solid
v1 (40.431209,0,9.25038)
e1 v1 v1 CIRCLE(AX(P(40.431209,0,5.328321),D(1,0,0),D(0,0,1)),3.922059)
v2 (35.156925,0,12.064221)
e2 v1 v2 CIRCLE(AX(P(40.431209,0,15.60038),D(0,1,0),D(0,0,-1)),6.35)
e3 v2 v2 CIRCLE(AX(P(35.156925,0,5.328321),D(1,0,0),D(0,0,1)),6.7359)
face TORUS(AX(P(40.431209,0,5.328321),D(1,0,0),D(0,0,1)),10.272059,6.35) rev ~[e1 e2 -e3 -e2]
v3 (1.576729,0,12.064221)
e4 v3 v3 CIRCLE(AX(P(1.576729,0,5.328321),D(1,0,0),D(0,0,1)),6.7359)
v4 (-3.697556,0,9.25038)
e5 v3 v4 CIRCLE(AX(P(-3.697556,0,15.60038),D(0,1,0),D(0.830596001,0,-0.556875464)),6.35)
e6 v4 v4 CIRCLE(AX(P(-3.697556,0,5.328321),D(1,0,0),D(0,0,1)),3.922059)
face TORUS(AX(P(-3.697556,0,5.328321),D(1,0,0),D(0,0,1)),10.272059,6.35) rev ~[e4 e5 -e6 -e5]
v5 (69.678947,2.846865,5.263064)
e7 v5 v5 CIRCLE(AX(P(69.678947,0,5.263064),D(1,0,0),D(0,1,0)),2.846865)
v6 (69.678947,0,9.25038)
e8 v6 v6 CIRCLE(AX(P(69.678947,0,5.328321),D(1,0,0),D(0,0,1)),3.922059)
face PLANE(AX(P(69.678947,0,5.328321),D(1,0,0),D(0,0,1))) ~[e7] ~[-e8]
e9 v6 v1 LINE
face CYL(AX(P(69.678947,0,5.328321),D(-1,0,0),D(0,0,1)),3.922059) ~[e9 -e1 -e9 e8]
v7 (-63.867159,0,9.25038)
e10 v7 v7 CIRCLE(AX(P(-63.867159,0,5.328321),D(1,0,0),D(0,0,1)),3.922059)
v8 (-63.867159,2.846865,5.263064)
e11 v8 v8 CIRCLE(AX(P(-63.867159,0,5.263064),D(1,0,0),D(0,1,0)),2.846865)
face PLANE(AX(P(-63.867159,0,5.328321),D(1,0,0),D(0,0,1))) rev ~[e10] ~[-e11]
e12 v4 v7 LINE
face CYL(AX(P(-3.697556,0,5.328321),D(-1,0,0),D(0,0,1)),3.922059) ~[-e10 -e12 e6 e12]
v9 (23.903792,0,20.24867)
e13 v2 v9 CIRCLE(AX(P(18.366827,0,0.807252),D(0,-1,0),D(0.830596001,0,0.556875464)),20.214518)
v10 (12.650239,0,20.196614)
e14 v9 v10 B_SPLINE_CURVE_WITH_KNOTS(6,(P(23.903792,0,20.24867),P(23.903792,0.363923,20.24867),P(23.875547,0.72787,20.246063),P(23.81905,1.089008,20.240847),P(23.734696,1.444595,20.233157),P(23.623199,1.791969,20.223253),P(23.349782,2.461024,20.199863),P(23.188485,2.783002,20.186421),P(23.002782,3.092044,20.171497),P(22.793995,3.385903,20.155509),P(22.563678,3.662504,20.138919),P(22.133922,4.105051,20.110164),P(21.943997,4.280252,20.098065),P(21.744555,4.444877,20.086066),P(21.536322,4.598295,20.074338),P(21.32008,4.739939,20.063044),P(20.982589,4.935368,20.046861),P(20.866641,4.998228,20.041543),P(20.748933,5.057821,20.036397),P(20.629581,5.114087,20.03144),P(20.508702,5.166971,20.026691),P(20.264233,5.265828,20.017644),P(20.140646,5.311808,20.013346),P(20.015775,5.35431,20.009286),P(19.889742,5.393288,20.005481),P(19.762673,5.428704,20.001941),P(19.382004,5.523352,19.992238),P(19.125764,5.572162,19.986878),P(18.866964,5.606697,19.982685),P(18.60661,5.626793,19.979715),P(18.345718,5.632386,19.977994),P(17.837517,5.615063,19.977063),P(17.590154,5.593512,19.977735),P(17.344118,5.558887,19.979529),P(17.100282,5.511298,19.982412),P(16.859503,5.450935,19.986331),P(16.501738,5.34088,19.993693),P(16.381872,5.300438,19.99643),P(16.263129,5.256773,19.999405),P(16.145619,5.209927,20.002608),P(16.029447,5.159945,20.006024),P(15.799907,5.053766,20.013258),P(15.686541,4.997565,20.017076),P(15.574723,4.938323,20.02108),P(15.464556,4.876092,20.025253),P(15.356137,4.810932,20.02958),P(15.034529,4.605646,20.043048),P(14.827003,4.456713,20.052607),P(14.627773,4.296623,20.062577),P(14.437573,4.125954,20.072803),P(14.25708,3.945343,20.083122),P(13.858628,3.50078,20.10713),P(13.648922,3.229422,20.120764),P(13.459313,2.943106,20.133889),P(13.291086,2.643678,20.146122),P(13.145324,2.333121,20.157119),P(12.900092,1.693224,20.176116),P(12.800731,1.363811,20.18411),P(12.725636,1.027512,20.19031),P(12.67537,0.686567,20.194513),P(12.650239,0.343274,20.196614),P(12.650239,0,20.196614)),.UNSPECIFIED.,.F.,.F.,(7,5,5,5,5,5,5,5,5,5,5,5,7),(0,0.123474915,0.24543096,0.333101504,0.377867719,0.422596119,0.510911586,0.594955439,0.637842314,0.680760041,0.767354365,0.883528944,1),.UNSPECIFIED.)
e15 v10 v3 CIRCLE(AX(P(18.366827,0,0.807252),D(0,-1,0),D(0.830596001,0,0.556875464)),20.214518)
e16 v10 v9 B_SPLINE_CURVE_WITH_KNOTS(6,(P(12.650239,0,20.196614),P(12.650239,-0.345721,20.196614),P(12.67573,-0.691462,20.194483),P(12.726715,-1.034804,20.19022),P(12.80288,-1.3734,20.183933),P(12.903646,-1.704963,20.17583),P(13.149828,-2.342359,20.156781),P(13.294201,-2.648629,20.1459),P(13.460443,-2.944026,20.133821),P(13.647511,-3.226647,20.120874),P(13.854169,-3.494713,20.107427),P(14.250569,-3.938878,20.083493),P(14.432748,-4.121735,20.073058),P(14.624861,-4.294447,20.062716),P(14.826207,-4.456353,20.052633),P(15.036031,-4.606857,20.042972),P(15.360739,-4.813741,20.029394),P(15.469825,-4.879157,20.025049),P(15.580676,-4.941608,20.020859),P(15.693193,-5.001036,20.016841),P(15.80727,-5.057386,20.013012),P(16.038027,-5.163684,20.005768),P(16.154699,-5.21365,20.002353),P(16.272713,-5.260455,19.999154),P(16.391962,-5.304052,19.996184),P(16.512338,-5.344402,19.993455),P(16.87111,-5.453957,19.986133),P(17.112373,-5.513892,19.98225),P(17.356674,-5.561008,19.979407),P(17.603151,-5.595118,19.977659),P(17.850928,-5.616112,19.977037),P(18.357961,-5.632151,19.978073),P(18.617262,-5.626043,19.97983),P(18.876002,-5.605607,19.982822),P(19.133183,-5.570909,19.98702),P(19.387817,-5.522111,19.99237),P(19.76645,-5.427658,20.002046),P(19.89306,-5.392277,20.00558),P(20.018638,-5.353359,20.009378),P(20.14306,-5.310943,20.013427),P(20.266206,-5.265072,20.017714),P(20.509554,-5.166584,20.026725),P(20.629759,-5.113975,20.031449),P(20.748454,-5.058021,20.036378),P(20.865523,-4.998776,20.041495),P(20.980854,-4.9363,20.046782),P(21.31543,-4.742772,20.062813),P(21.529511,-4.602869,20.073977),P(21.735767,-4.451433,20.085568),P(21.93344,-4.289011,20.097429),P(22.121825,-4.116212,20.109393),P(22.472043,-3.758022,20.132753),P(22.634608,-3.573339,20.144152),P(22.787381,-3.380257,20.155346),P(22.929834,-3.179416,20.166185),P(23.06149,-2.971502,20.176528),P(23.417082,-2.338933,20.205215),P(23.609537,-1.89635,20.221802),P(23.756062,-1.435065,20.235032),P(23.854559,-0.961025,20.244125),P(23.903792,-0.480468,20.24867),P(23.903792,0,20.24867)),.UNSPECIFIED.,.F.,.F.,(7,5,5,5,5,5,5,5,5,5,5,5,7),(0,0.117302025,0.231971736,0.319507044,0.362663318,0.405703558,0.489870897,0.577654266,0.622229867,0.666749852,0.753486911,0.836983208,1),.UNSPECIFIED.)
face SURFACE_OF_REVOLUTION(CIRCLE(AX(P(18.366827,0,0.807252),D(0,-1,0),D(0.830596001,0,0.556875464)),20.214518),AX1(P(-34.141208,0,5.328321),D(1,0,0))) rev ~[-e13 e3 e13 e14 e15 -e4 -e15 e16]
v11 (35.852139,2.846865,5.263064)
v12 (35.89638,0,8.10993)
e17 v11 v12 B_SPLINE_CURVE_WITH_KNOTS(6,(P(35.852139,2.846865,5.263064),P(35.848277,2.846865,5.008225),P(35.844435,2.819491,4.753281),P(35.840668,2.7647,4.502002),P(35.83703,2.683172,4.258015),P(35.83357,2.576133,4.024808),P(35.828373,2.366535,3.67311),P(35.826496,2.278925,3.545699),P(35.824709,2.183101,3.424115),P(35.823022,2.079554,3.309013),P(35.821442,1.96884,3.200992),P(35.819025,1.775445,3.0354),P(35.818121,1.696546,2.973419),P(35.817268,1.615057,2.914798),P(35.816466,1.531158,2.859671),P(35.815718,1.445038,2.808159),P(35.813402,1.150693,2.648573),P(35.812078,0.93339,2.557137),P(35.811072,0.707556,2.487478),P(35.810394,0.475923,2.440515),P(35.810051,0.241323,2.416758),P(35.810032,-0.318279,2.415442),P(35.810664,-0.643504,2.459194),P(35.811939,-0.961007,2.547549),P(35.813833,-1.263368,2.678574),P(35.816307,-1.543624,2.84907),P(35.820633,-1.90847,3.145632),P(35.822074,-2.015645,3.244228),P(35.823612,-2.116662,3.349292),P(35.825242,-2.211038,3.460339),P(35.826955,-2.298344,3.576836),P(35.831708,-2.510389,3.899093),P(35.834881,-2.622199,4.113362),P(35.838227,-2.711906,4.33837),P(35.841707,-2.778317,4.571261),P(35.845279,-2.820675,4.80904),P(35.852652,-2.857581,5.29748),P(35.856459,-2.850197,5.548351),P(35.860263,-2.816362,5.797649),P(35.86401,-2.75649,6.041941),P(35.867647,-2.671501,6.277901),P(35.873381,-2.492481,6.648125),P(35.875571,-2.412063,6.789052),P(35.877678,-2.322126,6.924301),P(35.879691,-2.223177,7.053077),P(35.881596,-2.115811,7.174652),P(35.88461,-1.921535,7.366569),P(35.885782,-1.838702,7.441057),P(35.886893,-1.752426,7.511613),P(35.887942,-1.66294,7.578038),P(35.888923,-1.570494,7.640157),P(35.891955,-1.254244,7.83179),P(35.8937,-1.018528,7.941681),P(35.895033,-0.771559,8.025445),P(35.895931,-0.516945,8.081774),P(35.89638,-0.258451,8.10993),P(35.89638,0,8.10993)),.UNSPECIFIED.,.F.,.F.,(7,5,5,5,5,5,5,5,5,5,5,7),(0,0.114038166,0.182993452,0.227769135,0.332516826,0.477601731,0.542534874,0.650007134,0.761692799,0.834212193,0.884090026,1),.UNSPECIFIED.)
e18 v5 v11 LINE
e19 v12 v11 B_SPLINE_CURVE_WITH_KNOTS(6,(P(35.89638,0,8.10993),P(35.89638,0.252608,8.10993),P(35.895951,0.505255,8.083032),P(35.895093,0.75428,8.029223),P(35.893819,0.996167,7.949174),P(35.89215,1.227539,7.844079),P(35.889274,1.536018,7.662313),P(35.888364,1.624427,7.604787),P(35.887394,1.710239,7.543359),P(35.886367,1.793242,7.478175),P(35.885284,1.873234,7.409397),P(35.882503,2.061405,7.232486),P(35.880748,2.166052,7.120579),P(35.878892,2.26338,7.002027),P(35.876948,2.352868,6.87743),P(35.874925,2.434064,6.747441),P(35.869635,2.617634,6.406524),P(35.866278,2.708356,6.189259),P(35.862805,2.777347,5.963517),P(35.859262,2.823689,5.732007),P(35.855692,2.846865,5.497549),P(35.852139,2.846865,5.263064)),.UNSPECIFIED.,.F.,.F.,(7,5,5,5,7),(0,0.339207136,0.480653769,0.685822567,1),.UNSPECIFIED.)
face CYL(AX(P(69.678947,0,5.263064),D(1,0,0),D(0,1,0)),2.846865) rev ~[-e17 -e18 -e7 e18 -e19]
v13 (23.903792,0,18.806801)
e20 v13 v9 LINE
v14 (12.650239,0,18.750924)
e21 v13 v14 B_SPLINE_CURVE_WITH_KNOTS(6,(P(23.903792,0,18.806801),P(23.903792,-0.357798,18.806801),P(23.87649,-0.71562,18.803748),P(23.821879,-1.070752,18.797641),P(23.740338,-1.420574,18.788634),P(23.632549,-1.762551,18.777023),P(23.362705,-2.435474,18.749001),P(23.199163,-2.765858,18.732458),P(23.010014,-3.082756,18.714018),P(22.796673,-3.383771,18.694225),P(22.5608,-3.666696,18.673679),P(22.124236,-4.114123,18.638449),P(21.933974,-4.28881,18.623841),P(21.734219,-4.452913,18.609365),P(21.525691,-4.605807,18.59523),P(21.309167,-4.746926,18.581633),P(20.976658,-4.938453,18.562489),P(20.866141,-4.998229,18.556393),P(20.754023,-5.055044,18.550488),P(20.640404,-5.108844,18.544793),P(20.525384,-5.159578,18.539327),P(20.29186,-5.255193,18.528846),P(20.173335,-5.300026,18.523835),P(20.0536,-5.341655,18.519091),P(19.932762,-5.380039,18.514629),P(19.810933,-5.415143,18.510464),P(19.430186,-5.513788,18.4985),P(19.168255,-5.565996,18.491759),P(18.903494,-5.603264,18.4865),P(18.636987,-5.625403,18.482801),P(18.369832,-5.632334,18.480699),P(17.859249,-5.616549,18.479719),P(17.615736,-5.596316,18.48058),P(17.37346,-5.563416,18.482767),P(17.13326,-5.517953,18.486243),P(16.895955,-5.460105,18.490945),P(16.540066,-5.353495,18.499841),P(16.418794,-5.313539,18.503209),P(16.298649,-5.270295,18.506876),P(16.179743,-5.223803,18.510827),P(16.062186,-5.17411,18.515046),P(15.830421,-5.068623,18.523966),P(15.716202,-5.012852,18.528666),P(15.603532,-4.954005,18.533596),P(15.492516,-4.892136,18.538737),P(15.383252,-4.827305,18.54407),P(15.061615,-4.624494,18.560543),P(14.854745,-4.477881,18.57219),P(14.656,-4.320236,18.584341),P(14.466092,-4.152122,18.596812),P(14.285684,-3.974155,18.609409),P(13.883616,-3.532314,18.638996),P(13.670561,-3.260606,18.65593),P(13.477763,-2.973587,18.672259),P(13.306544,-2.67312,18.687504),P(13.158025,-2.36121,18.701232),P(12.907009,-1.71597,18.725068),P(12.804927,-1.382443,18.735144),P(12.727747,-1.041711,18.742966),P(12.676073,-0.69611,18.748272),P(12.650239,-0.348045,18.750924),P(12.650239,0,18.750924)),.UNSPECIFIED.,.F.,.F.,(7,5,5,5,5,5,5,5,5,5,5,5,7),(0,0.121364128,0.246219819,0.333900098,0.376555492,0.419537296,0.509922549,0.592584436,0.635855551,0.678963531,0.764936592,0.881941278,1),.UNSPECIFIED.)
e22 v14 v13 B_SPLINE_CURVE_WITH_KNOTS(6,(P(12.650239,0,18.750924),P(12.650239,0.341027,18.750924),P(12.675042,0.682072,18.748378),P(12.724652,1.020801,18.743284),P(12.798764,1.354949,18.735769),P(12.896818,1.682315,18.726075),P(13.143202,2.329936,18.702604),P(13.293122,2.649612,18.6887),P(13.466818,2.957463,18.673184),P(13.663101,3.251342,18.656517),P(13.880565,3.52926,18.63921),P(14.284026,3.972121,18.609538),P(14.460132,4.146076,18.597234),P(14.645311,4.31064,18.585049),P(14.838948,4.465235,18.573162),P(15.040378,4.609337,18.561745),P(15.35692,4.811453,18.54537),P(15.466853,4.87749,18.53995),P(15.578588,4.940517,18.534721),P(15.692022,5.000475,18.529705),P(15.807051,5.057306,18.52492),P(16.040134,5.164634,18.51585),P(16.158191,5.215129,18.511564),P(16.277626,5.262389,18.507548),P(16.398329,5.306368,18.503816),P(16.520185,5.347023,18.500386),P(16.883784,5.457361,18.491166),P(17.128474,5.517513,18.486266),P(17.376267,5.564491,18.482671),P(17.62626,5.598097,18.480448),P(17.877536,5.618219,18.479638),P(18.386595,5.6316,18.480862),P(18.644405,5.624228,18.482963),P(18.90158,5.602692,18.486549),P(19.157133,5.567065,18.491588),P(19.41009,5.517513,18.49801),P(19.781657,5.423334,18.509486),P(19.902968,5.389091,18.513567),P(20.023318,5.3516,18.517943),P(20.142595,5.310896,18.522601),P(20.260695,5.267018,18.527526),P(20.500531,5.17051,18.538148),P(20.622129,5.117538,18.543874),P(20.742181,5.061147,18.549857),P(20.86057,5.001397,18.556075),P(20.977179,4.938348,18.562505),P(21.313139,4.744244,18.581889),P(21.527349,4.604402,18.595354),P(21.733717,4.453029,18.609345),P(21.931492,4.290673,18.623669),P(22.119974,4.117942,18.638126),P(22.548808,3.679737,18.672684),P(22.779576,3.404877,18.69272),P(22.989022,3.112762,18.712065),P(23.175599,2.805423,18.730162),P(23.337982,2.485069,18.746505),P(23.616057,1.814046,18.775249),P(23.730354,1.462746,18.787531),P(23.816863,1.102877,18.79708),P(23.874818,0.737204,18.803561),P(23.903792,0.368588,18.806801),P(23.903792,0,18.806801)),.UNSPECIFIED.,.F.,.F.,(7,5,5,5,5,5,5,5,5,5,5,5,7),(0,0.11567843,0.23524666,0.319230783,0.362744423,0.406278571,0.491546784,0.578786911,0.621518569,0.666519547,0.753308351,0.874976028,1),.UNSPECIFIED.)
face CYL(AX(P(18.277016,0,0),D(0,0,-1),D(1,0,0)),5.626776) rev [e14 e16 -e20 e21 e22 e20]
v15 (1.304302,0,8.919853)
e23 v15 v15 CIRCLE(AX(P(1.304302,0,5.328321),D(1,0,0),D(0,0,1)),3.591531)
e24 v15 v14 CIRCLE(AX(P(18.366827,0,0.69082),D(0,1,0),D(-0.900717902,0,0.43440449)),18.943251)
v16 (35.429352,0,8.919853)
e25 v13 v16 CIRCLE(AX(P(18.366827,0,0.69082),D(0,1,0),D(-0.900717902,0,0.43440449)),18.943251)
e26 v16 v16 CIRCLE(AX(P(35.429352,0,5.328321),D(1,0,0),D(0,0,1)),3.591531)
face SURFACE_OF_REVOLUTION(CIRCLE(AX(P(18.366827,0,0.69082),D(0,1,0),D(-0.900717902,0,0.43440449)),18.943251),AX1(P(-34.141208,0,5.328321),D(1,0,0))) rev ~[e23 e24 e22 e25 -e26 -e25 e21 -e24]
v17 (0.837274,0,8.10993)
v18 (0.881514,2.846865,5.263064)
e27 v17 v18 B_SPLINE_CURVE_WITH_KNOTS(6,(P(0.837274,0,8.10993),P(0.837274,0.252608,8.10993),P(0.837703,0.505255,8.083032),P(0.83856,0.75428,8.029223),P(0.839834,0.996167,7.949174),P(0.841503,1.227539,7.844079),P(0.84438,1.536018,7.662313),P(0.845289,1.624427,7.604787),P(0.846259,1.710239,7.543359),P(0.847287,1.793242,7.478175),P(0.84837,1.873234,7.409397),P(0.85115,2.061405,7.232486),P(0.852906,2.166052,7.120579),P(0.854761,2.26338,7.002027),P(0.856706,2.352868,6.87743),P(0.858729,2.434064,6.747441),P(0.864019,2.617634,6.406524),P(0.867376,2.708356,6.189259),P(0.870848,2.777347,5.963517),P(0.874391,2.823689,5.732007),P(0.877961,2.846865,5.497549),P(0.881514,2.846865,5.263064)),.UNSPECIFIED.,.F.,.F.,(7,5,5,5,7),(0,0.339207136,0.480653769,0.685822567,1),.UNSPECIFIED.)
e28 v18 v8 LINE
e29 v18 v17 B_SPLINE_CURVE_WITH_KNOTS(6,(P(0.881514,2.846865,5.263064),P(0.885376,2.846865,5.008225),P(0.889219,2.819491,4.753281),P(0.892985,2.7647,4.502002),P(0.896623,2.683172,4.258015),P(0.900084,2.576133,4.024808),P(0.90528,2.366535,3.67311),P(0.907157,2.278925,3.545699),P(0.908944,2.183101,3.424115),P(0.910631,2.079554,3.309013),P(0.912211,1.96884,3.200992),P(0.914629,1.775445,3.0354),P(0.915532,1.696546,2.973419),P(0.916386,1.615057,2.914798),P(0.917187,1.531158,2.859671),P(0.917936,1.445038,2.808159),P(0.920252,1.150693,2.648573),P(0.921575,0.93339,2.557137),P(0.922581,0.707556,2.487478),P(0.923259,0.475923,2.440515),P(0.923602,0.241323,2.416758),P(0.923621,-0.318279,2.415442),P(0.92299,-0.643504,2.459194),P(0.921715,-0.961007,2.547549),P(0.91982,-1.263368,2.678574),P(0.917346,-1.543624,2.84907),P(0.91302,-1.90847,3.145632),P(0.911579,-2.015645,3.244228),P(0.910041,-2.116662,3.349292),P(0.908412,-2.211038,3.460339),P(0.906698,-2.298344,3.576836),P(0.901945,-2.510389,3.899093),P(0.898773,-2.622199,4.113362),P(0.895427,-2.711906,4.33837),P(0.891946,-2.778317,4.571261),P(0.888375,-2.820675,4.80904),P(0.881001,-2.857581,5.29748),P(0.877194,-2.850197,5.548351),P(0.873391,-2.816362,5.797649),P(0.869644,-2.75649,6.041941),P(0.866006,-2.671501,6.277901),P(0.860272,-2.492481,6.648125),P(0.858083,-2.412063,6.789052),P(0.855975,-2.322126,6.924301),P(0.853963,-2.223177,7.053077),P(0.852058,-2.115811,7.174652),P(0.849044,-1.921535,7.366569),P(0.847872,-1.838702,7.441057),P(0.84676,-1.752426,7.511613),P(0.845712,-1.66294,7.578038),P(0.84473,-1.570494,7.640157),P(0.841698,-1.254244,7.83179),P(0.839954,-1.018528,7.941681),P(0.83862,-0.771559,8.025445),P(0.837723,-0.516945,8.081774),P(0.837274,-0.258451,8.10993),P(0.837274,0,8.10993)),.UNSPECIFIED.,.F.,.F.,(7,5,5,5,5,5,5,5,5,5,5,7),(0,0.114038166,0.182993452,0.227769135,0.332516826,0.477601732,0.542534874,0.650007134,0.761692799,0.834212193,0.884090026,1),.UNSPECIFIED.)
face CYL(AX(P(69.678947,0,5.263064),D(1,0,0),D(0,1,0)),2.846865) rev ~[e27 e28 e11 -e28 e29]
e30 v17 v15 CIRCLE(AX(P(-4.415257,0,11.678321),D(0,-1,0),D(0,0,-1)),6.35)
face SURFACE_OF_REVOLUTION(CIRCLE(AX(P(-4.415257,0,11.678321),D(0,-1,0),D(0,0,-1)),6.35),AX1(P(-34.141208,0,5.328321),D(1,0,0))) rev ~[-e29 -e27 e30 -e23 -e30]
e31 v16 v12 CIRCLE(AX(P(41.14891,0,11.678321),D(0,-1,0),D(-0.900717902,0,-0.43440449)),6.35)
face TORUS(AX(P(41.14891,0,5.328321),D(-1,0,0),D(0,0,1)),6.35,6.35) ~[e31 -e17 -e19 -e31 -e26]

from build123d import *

# Parameters (mm, degrees)
F3_R     = 2.8468654953
F4_DEPTH = 133.5461065173
F5_R     = 5.6267762556
F6_DEPTH = 35.052


with BuildPart() as f1:
    # F0 (on Front) → F1 (revolve)
    with BuildSketch(Plane.XZ):
        with BuildLine():
            Line((-3.6975557381, 9.2503800988), (-63.8671591878, 9.2503800988))
            Line((-63.8671591878, 9.2503800988), (-63.8671591878, 5.3283213638))
            Line((-63.8671591878, 5.3283213638), (-4.4152569437, 5.3283213638))
            ThreePointArc((-4.4152569437, 5.3283213638), (-1.0384074547, 6.3006464453), (1.3043017336, 8.9198528508))
            ThreePointArc((1.3043017336, 8.9198528508), (18.3668266982, 19.6340703482), (35.4293516628, 8.9198528508))
            ThreePointArc((35.4293516628, 8.9198528508), (37.772060851, 6.3006464453), (41.14891034, 5.3283213638))
            Line((41.14891034, 5.3283213638), (69.6789473295, 5.3283213638))
            Line((69.6789473295, 5.3283213638), (69.6789473295, 9.2503800988))
            Line((69.6789473295, 9.2503800988), (40.4312091344, 9.2503800988))
            ThreePointArc((40.4312091344, 9.2503800988), (37.4422386518, 9.9978310848), (35.1569245265, 12.0642209007))
            ThreePointArc((35.1569245265, 12.0642209007), (18.3668266982, 21.02176981), (1.5767288699, 12.0642209007))
            ThreePointArc((1.5767288699, 12.0642209007), (-0.7085852554, 9.9978310848), (-3.6975557381, 9.2503800988))
        make_face()
    revolve(axis=Axis((-34.1412080657, 0, 5.3283213638), (1, 0, 0)))

    # F3 (on face) → F4 (cut, through all)
    with BuildSketch(Plane.YZ.offset(69.6789473295)):
        with Locations((0, 5.2630640566)):
            Circle(F3_R)
    extrude(amount=-F4_DEPTH, mode=Mode.SUBTRACT)

    # F5 (on Top) → F6 (cut)
    with BuildSketch(Plane.XY):
        with Locations((18.277015537, 0)):
            Circle(F5_R)
    extrude(amount=F6_DEPTH, mode=Mode.SUBTRACT)


solid = f1.part
